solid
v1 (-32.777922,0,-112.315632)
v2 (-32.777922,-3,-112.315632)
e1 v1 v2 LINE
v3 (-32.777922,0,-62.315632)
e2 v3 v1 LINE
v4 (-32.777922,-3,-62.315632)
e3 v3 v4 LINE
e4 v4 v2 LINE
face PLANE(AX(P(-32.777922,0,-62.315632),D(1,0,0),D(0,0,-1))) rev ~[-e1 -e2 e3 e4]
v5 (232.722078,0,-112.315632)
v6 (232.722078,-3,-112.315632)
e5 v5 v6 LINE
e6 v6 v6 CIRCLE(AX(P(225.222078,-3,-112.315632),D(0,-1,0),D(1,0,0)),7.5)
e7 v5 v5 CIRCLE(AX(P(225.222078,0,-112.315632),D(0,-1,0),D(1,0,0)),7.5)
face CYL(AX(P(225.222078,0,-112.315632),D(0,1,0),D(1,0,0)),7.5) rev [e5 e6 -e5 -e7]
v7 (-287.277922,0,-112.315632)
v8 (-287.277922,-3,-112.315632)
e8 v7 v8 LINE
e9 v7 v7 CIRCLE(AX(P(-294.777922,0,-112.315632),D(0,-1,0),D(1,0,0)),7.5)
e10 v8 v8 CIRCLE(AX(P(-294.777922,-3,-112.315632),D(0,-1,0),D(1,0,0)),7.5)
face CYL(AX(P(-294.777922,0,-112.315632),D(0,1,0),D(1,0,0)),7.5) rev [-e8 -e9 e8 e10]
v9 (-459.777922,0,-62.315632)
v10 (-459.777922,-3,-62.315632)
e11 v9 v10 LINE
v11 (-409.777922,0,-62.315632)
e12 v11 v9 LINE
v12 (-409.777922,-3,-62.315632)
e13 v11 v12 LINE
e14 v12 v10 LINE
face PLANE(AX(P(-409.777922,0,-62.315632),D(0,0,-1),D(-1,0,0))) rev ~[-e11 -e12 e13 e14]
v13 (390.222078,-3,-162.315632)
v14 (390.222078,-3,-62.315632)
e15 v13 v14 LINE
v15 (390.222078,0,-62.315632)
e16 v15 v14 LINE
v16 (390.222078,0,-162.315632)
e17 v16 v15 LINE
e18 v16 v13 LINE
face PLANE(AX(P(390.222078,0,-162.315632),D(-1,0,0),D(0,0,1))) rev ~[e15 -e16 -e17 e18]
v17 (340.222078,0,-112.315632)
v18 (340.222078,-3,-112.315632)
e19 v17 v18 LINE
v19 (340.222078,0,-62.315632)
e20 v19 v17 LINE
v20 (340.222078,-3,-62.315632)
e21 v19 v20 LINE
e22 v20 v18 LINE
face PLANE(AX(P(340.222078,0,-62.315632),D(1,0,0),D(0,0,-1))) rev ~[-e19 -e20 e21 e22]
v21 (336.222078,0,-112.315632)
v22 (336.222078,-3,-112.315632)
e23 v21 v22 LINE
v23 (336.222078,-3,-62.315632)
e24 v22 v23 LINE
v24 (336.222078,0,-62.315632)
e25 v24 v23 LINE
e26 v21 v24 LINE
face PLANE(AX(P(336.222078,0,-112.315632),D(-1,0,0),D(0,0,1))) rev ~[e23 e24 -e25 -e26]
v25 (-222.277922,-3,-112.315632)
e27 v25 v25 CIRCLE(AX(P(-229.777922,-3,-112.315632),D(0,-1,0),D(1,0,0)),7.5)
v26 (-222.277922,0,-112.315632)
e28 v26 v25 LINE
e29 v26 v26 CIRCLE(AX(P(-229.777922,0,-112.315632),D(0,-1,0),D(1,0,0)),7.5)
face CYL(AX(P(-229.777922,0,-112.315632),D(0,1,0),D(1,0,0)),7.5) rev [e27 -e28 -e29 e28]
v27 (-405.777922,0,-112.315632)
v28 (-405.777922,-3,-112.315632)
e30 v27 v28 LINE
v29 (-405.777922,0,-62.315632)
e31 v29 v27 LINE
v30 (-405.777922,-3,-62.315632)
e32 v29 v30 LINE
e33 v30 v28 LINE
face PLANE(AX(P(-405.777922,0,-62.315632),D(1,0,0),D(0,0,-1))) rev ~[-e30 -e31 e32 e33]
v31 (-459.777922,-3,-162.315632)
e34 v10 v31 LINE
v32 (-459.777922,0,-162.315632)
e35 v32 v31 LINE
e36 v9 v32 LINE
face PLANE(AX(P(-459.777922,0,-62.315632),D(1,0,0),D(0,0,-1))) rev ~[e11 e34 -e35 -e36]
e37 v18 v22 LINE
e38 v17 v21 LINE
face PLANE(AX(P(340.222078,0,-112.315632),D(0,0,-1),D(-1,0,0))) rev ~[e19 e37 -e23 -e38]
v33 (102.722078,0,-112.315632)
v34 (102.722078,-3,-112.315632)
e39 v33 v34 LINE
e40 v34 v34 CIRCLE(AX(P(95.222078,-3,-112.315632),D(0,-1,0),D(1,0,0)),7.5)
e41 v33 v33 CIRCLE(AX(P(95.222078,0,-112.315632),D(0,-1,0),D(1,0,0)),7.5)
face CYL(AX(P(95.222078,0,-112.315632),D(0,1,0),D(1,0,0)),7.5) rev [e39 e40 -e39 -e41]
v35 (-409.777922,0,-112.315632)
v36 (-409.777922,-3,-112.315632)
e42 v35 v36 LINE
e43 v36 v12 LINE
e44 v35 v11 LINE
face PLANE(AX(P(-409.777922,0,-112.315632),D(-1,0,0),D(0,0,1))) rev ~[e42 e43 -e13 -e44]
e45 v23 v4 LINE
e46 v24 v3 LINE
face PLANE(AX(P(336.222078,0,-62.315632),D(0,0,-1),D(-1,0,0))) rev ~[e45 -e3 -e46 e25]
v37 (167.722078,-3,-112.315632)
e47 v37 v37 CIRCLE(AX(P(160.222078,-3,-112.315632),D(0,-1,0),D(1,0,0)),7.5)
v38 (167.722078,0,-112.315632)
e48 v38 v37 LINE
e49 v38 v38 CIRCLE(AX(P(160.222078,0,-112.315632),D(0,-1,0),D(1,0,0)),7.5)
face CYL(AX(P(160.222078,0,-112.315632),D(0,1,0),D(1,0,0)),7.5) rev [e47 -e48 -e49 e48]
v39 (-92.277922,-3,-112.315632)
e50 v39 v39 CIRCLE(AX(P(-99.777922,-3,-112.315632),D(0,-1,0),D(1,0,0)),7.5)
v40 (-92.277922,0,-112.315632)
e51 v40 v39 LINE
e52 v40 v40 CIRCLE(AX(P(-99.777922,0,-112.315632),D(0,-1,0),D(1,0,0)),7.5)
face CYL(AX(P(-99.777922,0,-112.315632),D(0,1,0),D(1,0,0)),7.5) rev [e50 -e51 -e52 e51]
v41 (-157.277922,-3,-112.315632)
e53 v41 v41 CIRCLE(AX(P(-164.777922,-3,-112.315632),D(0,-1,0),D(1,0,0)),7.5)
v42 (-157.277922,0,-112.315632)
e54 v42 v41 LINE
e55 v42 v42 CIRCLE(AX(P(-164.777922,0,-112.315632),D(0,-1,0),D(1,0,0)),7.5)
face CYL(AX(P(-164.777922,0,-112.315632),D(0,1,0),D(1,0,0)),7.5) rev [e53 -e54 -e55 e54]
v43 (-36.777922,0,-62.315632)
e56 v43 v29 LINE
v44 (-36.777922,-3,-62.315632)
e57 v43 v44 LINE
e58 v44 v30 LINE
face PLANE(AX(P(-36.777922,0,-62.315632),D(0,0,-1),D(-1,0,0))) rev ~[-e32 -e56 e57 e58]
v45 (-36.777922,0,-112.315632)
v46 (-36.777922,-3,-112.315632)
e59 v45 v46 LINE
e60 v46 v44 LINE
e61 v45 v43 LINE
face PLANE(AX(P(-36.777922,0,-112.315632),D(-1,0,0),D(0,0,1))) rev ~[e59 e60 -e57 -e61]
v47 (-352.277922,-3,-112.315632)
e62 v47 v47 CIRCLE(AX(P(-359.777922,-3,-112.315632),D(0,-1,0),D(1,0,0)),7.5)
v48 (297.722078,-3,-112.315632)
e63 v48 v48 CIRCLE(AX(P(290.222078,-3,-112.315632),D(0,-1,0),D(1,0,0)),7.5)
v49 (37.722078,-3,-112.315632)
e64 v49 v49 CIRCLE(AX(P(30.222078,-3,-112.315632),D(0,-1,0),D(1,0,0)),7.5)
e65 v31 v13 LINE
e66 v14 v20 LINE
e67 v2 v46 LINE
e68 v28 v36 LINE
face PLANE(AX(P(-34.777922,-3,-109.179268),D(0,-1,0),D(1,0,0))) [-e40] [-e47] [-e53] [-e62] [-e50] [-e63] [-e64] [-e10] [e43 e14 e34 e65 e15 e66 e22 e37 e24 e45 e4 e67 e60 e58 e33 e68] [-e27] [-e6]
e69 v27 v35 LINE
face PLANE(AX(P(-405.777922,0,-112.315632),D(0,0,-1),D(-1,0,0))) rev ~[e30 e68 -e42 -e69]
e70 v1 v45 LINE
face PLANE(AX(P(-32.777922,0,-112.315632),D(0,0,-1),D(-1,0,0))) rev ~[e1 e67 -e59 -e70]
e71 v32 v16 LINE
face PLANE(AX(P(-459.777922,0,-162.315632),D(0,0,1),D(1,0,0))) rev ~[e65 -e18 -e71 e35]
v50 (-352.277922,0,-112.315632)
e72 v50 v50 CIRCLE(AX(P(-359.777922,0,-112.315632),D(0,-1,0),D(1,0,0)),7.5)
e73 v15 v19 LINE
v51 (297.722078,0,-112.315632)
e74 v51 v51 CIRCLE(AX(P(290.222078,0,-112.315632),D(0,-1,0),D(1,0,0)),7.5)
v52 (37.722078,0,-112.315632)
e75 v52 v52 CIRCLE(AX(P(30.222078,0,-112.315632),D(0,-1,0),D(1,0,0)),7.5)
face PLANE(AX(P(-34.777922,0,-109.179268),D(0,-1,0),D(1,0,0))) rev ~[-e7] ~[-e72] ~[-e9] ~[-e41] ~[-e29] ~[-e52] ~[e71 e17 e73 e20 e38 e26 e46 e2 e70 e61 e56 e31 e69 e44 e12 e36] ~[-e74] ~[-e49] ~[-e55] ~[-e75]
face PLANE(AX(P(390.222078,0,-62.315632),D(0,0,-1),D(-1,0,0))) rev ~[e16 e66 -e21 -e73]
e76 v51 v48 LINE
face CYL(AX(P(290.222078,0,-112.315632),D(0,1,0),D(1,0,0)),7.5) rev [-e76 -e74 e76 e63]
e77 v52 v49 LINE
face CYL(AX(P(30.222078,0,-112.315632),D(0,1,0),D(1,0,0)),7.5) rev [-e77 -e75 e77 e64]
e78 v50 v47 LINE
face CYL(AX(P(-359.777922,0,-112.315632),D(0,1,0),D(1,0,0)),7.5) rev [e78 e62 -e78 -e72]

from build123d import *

# Parameters (mm, degrees)
F0_R     = 7.5
F1_DEPTH = 3


with BuildPart() as f1:
    # F0 (on Front) → F1 (new body)
    with BuildSketch(Plane.XZ):
        Polygon((-409.777922, -62.315632), (-459.777922, -62.315632), (-459.777922, -162.315632), (390.222078, -162.315632), (390.222078, -62.315632), (340.222078, -62.315632), (340.222078, -112.315632), (336.222078, -112.315632), (336.222078, -62.315632), (-32.777922, -62.315632), (-32.777922, -112.315632), (-36.777922, -112.315632), (-36.777922, -62.315632), (-405.777922, -62.315632), (-405.777922, -112.315632), (-409.777922, -112.315632), align=None)
        with Locations((-359.777922, -112.315632)):
            Circle(F0_R, mode=Mode.SUBTRACT)
        with Locations((-294.777922, -112.315632)):
            Circle(F0_R, mode=Mode.SUBTRACT)
        with Locations((-229.777922, -112.315632)):
            Circle(F0_R, mode=Mode.SUBTRACT)
        with Locations((-164.777922, -112.315632)):
            Circle(F0_R, mode=Mode.SUBTRACT)
        with Locations((-99.777922, -112.315632)):
            Circle(F0_R, mode=Mode.SUBTRACT)
        with Locations((30.222078, -112.315632)):
            Circle(F0_R, mode=Mode.SUBTRACT)
        with Locations((95.222078, -112.315632)):
            Circle(F0_R, mode=Mode.SUBTRACT)
        with Locations((160.222078, -112.315632)):
            Circle(F0_R, mode=Mode.SUBTRACT)
        with Locations((225.222078, -112.315632)):
            Circle(F0_R, mode=Mode.SUBTRACT)
        with Locations((290.222078, -112.315632)):
            Circle(F0_R, mode=Mode.SUBTRACT)
    extrude(amount=F1_DEPTH)


solid = f1.part
